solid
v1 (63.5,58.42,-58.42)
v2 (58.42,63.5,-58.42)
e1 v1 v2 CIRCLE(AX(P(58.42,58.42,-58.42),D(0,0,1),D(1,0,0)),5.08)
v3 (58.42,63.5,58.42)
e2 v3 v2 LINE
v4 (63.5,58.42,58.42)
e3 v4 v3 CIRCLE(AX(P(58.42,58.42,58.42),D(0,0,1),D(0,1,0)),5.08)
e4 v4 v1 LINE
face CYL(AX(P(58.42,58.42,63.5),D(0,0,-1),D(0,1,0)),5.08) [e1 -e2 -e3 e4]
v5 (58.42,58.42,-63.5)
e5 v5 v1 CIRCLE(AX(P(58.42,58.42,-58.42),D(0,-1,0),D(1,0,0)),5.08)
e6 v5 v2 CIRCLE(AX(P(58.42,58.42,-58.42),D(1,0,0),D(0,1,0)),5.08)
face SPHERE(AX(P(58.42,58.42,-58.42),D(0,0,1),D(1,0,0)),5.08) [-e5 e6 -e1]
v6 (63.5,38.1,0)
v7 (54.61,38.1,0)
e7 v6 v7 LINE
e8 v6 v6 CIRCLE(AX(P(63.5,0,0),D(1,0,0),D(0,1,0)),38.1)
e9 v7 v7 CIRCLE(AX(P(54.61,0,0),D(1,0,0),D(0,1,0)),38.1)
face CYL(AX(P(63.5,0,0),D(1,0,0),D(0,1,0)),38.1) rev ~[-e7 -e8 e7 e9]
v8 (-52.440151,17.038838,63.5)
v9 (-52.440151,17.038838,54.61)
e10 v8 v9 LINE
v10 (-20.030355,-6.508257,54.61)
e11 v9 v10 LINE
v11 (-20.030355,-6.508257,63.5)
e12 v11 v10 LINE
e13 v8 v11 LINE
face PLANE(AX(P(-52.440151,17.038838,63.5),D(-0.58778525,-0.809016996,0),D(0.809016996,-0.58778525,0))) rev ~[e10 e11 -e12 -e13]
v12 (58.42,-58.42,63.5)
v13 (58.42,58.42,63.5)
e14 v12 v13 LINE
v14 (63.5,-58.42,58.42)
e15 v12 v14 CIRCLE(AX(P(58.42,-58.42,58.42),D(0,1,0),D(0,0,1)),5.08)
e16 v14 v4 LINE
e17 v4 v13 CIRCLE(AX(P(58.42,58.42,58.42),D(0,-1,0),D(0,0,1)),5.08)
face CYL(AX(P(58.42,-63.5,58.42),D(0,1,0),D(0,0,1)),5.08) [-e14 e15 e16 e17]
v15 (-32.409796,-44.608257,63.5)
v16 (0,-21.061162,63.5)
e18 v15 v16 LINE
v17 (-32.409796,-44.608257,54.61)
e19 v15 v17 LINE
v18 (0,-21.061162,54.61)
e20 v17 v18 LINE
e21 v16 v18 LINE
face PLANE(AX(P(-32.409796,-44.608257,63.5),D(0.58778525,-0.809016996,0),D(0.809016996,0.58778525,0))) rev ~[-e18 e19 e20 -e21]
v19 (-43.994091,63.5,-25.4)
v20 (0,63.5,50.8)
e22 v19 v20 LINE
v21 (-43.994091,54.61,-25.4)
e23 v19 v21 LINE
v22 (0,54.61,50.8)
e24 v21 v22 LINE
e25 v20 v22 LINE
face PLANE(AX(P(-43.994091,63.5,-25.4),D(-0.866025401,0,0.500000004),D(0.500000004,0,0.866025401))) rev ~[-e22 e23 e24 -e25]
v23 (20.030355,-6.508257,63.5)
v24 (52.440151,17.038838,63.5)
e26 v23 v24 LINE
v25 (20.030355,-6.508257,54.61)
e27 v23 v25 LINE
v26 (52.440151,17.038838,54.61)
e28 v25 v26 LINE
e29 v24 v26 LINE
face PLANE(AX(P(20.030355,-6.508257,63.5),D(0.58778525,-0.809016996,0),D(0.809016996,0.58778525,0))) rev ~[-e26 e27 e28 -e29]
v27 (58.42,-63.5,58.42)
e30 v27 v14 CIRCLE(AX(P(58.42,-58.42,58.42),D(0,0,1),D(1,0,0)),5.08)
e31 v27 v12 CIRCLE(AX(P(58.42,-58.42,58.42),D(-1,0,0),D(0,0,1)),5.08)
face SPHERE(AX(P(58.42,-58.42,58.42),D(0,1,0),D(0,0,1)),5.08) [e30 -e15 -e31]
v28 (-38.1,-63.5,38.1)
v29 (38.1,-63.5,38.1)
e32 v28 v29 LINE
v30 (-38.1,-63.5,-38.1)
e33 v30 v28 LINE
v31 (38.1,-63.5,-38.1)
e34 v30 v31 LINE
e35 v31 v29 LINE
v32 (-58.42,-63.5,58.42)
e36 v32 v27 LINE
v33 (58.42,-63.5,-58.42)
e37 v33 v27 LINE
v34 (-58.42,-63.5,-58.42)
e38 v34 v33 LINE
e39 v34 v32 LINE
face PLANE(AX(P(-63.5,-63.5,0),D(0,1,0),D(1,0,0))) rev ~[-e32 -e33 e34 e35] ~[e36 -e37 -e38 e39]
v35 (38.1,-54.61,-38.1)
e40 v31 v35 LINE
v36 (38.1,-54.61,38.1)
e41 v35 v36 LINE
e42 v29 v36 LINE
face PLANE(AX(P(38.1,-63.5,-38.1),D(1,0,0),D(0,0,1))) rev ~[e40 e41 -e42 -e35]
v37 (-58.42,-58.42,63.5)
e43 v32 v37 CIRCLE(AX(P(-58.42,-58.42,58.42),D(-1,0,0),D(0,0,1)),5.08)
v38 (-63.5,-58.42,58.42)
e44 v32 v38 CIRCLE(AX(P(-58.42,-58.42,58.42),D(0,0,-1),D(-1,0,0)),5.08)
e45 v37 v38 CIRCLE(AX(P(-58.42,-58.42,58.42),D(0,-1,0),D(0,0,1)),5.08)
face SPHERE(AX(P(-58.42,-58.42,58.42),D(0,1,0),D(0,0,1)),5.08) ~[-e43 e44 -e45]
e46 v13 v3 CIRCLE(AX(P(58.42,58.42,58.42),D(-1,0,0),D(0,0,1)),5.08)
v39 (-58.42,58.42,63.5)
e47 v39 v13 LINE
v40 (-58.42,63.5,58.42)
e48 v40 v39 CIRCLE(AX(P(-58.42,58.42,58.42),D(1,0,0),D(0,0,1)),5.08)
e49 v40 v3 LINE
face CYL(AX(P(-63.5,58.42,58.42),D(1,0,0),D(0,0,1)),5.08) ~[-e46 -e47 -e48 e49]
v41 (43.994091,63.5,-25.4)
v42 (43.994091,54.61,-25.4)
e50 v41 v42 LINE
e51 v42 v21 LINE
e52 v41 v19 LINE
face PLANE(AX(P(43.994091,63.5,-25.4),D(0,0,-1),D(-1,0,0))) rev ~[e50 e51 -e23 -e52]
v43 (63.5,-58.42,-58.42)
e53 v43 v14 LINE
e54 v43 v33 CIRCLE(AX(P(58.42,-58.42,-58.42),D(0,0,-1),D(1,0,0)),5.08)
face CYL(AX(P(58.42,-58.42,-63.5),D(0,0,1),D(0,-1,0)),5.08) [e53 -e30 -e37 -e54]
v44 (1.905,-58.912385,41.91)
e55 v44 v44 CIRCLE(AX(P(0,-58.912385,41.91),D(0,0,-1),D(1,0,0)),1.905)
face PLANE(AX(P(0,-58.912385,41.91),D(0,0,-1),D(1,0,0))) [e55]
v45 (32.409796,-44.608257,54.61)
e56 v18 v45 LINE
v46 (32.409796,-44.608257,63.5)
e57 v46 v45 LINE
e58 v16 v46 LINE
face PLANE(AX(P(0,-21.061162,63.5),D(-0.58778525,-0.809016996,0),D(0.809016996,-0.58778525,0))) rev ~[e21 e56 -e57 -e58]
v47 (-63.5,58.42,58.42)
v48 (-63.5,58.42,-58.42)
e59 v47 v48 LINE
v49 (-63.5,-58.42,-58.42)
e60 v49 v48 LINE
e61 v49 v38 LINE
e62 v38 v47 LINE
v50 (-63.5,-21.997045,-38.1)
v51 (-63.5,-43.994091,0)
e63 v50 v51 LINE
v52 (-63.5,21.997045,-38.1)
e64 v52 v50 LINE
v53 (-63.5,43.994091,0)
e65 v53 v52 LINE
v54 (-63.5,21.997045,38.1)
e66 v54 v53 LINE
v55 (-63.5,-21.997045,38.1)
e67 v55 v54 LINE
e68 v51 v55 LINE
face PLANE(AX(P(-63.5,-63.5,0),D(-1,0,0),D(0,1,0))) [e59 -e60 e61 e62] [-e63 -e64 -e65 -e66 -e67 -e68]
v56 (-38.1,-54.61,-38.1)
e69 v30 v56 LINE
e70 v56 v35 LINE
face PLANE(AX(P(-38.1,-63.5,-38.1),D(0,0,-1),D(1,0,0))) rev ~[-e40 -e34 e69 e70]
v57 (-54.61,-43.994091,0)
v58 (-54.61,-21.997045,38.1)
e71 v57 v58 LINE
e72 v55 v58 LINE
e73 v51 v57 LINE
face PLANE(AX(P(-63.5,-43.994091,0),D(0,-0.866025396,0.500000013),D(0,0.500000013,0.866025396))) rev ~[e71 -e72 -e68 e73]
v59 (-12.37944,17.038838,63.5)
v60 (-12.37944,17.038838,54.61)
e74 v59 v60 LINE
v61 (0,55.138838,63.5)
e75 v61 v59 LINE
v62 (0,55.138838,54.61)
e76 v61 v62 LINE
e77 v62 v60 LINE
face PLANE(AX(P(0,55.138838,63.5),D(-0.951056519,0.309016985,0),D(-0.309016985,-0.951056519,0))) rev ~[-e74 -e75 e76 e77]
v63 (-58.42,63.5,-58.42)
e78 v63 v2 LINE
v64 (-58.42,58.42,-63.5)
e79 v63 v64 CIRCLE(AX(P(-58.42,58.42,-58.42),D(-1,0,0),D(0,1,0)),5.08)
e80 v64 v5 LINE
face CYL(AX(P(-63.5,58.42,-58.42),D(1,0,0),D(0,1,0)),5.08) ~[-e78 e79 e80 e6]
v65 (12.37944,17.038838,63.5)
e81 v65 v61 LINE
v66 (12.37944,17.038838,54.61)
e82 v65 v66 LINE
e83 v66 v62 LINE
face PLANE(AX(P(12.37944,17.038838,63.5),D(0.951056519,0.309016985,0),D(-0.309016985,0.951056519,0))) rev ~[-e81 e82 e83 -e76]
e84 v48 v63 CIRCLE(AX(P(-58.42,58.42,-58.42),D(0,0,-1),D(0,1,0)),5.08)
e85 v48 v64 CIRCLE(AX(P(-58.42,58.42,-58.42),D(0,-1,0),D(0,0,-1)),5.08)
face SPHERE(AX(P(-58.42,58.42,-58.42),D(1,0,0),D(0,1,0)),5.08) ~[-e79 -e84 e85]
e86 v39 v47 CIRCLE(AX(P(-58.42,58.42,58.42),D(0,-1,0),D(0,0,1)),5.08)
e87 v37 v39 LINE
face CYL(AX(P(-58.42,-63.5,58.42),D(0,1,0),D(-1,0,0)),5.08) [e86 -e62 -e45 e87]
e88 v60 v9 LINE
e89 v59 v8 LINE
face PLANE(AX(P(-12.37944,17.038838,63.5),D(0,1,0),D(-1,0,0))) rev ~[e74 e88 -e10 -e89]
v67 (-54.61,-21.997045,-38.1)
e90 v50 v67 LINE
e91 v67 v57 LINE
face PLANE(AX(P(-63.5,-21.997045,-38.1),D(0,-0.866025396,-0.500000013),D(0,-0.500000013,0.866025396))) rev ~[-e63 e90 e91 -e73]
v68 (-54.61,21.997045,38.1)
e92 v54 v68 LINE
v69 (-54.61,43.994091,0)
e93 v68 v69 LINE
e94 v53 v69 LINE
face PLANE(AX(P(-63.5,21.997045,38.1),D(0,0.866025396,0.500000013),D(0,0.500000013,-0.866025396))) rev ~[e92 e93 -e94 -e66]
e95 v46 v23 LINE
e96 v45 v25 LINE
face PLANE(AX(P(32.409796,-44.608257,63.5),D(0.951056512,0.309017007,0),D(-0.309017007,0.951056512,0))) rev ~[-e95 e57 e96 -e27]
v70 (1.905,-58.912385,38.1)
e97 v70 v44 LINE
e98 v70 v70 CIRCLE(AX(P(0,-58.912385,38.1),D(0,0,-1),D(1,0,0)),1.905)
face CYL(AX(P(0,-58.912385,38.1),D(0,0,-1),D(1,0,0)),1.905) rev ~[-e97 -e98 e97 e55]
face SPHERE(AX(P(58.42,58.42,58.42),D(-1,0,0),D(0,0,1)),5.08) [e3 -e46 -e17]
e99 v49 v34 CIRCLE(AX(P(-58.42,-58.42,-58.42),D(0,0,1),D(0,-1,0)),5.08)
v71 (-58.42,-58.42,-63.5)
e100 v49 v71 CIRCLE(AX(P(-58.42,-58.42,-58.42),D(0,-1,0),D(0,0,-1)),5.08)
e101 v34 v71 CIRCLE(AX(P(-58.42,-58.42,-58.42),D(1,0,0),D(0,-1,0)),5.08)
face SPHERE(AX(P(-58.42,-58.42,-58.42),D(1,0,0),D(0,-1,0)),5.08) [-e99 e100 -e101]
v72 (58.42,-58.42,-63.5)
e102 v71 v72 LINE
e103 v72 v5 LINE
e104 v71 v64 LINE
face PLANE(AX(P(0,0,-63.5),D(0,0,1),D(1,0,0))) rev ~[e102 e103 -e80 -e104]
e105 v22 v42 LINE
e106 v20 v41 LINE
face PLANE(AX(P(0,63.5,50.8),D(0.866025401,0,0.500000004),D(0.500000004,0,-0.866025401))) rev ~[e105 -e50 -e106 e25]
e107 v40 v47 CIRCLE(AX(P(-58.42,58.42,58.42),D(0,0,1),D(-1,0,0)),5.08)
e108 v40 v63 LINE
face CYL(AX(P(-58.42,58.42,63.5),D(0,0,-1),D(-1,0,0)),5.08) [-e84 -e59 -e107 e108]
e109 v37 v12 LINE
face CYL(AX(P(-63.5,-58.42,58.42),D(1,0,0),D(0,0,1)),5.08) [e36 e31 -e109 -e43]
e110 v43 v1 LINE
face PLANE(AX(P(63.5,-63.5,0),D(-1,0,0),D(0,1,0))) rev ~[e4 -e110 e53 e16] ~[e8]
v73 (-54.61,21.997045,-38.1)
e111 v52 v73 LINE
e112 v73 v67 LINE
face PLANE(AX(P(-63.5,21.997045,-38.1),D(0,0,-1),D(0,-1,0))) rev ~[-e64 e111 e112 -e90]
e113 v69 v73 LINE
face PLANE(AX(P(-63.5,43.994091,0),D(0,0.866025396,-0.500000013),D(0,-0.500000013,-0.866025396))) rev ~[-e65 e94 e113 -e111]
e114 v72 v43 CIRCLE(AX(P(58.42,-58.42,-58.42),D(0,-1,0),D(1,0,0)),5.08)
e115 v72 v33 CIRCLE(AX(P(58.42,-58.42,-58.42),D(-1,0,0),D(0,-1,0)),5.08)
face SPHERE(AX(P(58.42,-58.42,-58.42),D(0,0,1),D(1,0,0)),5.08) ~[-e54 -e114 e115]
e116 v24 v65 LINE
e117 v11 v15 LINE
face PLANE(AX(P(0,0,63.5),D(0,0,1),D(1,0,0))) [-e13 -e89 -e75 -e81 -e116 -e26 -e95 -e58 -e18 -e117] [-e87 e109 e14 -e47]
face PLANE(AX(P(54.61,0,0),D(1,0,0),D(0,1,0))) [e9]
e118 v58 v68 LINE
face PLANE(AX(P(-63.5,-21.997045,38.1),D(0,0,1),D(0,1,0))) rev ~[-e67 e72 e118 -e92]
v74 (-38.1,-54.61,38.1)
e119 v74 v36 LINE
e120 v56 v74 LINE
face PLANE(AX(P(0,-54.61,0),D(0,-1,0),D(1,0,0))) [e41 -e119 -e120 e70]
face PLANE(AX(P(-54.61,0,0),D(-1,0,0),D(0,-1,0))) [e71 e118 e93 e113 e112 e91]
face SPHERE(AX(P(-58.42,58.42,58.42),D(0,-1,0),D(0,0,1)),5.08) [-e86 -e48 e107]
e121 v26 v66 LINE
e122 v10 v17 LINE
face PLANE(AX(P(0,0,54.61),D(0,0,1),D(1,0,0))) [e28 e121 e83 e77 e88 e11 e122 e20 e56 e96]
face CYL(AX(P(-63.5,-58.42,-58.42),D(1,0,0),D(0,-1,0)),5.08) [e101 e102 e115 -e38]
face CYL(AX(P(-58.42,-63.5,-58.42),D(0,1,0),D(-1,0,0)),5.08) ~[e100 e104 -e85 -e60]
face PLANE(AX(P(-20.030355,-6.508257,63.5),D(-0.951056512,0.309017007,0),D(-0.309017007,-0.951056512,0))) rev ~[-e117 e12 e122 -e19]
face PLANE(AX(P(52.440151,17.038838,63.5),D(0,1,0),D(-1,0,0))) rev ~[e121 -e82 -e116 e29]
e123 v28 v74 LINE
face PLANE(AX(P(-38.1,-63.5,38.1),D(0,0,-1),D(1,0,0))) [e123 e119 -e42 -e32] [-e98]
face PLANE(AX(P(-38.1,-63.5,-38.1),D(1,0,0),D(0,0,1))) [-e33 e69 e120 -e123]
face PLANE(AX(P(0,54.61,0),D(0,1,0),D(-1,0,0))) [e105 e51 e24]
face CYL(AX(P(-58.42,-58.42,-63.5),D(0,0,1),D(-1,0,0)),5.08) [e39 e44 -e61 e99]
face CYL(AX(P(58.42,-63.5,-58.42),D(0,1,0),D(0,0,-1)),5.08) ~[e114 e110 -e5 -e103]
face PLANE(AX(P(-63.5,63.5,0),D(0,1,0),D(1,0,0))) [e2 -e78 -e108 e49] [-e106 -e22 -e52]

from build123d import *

# Parameters (mm, degrees)
F0_W      = 127
F0_H      = 127
F1_DEPTH  = 63.5
F1_FACE_W = 127
F1_FACE_H = 127
F2_DEPTH  = 63.5
F3_W      = 76.2
F3_H      = 76.2
F4_DEPTH  = 8.89
F5_R      = 38.1
F6_DEPTH  = 8.89
F8_DEPTH  = 8.89
F10_DEPTH = 8.89
F12_DEPTH = 8.89
F13_R     = 5.08
F14_R     = 1.905
F15_DEPTH = 3.81


with BuildPart() as f1:
    # F0 (on Top) → F1 (new body)
    with BuildSketch(Plane.XY):
        Rectangle(F0_W, F0_H)
    extrude(amount=-F1_DEPTH)

    # F1_face (on face) → F2 (join)
    with BuildSketch(Plane.XY):
        Rectangle(F1_FACE_W, F1_FACE_H)
    extrude(amount=F2_DEPTH)

    # F3 (on face) → F4 (cut)
    with BuildSketch(Plane.XZ.offset(63.5)):
        Rectangle(F3_W, F3_H)
    extrude(amount=-F4_DEPTH, mode=Mode.SUBTRACT)

    # F5 (on face) → F6 (cut)
    with BuildSketch(Plane.YZ.offset(63.5)):
        Circle(F5_R)
    extrude(amount=-F6_DEPTH, mode=Mode.SUBTRACT)

    # F7 (on face) → F8 (cut)
    with BuildSketch(Plane(origin=(0, 63.5, 0), x_dir=(-1, 0, 0), z_dir=(0, 1, 0))):
        Polygon((-43.994091, -25.4), (43.994091, -25.4), (0, 50.8), align=None)
    extrude(amount=-F8_DEPTH, mode=Mode.SUBTRACT)

    # F9 (on face) → F10 (cut)
    with BuildSketch(Plane(origin=(-63.5, 0, 0), x_dir=(0, -1, 0), z_dir=(-1, 0, 0))):
        Polygon((21.997045, 38.1), (-21.997045, 38.1), (-43.994091, 0), (-21.997045, -38.1), (21.997045, -38.1), (43.994091, 0), align=None)
    extrude(amount=-F10_DEPTH, mode=Mode.SUBTRACT)

    # F11 (on face) → F12 (cut)
    with BuildSketch(Plane.XY.offset(63.5)):
        Polygon((0, 55.138838), (-12.37944, 17.038838), (-52.440151, 17.038838), (-20.030355, -6.508257), (-32.409796, -44.608257), (0, -21.061162), (32.409796, -44.608257), (20.030355, -6.508257), (52.440151, 17.038838), (12.37944, 17.038838), align=None)
    extrude(amount=-F12_DEPTH, mode=Mode.SUBTRACT)

    # F13
    f13_edges = [f1.edges().sort_by_distance(p)[0] for p in [
        (-63.5, 0, 63.5),
        (0, 63.5, 63.5),
        (63.5, 0, 63.5),
        (0, -63.5, 63.5),
        (63.5, -63.5, 0),
        (63.5, 63.5, 0),
        (63.5, 0, -63.5),
        (0, -63.5, -63.5),
        (-63.5, -63.5, 0),
        (0, 63.5, -63.5),
        (-63.5, 63.5, 0),
        (-63.5, 0, -63.5),
    ]]
    fillet(f13_edges, radius=F13_R)

    # F14 (on face) → F15 (cut)
    with BuildSketch(Plane(origin=(0, 0, 38.1), x_dir=(1, 0, 0), z_dir=(0, 0, -1))):
        with Locations((0, 58.912385)):
            Circle(F14_R)
    extrude(amount=-F15_DEPTH, mode=Mode.SUBTRACT)


solid = f1.part
